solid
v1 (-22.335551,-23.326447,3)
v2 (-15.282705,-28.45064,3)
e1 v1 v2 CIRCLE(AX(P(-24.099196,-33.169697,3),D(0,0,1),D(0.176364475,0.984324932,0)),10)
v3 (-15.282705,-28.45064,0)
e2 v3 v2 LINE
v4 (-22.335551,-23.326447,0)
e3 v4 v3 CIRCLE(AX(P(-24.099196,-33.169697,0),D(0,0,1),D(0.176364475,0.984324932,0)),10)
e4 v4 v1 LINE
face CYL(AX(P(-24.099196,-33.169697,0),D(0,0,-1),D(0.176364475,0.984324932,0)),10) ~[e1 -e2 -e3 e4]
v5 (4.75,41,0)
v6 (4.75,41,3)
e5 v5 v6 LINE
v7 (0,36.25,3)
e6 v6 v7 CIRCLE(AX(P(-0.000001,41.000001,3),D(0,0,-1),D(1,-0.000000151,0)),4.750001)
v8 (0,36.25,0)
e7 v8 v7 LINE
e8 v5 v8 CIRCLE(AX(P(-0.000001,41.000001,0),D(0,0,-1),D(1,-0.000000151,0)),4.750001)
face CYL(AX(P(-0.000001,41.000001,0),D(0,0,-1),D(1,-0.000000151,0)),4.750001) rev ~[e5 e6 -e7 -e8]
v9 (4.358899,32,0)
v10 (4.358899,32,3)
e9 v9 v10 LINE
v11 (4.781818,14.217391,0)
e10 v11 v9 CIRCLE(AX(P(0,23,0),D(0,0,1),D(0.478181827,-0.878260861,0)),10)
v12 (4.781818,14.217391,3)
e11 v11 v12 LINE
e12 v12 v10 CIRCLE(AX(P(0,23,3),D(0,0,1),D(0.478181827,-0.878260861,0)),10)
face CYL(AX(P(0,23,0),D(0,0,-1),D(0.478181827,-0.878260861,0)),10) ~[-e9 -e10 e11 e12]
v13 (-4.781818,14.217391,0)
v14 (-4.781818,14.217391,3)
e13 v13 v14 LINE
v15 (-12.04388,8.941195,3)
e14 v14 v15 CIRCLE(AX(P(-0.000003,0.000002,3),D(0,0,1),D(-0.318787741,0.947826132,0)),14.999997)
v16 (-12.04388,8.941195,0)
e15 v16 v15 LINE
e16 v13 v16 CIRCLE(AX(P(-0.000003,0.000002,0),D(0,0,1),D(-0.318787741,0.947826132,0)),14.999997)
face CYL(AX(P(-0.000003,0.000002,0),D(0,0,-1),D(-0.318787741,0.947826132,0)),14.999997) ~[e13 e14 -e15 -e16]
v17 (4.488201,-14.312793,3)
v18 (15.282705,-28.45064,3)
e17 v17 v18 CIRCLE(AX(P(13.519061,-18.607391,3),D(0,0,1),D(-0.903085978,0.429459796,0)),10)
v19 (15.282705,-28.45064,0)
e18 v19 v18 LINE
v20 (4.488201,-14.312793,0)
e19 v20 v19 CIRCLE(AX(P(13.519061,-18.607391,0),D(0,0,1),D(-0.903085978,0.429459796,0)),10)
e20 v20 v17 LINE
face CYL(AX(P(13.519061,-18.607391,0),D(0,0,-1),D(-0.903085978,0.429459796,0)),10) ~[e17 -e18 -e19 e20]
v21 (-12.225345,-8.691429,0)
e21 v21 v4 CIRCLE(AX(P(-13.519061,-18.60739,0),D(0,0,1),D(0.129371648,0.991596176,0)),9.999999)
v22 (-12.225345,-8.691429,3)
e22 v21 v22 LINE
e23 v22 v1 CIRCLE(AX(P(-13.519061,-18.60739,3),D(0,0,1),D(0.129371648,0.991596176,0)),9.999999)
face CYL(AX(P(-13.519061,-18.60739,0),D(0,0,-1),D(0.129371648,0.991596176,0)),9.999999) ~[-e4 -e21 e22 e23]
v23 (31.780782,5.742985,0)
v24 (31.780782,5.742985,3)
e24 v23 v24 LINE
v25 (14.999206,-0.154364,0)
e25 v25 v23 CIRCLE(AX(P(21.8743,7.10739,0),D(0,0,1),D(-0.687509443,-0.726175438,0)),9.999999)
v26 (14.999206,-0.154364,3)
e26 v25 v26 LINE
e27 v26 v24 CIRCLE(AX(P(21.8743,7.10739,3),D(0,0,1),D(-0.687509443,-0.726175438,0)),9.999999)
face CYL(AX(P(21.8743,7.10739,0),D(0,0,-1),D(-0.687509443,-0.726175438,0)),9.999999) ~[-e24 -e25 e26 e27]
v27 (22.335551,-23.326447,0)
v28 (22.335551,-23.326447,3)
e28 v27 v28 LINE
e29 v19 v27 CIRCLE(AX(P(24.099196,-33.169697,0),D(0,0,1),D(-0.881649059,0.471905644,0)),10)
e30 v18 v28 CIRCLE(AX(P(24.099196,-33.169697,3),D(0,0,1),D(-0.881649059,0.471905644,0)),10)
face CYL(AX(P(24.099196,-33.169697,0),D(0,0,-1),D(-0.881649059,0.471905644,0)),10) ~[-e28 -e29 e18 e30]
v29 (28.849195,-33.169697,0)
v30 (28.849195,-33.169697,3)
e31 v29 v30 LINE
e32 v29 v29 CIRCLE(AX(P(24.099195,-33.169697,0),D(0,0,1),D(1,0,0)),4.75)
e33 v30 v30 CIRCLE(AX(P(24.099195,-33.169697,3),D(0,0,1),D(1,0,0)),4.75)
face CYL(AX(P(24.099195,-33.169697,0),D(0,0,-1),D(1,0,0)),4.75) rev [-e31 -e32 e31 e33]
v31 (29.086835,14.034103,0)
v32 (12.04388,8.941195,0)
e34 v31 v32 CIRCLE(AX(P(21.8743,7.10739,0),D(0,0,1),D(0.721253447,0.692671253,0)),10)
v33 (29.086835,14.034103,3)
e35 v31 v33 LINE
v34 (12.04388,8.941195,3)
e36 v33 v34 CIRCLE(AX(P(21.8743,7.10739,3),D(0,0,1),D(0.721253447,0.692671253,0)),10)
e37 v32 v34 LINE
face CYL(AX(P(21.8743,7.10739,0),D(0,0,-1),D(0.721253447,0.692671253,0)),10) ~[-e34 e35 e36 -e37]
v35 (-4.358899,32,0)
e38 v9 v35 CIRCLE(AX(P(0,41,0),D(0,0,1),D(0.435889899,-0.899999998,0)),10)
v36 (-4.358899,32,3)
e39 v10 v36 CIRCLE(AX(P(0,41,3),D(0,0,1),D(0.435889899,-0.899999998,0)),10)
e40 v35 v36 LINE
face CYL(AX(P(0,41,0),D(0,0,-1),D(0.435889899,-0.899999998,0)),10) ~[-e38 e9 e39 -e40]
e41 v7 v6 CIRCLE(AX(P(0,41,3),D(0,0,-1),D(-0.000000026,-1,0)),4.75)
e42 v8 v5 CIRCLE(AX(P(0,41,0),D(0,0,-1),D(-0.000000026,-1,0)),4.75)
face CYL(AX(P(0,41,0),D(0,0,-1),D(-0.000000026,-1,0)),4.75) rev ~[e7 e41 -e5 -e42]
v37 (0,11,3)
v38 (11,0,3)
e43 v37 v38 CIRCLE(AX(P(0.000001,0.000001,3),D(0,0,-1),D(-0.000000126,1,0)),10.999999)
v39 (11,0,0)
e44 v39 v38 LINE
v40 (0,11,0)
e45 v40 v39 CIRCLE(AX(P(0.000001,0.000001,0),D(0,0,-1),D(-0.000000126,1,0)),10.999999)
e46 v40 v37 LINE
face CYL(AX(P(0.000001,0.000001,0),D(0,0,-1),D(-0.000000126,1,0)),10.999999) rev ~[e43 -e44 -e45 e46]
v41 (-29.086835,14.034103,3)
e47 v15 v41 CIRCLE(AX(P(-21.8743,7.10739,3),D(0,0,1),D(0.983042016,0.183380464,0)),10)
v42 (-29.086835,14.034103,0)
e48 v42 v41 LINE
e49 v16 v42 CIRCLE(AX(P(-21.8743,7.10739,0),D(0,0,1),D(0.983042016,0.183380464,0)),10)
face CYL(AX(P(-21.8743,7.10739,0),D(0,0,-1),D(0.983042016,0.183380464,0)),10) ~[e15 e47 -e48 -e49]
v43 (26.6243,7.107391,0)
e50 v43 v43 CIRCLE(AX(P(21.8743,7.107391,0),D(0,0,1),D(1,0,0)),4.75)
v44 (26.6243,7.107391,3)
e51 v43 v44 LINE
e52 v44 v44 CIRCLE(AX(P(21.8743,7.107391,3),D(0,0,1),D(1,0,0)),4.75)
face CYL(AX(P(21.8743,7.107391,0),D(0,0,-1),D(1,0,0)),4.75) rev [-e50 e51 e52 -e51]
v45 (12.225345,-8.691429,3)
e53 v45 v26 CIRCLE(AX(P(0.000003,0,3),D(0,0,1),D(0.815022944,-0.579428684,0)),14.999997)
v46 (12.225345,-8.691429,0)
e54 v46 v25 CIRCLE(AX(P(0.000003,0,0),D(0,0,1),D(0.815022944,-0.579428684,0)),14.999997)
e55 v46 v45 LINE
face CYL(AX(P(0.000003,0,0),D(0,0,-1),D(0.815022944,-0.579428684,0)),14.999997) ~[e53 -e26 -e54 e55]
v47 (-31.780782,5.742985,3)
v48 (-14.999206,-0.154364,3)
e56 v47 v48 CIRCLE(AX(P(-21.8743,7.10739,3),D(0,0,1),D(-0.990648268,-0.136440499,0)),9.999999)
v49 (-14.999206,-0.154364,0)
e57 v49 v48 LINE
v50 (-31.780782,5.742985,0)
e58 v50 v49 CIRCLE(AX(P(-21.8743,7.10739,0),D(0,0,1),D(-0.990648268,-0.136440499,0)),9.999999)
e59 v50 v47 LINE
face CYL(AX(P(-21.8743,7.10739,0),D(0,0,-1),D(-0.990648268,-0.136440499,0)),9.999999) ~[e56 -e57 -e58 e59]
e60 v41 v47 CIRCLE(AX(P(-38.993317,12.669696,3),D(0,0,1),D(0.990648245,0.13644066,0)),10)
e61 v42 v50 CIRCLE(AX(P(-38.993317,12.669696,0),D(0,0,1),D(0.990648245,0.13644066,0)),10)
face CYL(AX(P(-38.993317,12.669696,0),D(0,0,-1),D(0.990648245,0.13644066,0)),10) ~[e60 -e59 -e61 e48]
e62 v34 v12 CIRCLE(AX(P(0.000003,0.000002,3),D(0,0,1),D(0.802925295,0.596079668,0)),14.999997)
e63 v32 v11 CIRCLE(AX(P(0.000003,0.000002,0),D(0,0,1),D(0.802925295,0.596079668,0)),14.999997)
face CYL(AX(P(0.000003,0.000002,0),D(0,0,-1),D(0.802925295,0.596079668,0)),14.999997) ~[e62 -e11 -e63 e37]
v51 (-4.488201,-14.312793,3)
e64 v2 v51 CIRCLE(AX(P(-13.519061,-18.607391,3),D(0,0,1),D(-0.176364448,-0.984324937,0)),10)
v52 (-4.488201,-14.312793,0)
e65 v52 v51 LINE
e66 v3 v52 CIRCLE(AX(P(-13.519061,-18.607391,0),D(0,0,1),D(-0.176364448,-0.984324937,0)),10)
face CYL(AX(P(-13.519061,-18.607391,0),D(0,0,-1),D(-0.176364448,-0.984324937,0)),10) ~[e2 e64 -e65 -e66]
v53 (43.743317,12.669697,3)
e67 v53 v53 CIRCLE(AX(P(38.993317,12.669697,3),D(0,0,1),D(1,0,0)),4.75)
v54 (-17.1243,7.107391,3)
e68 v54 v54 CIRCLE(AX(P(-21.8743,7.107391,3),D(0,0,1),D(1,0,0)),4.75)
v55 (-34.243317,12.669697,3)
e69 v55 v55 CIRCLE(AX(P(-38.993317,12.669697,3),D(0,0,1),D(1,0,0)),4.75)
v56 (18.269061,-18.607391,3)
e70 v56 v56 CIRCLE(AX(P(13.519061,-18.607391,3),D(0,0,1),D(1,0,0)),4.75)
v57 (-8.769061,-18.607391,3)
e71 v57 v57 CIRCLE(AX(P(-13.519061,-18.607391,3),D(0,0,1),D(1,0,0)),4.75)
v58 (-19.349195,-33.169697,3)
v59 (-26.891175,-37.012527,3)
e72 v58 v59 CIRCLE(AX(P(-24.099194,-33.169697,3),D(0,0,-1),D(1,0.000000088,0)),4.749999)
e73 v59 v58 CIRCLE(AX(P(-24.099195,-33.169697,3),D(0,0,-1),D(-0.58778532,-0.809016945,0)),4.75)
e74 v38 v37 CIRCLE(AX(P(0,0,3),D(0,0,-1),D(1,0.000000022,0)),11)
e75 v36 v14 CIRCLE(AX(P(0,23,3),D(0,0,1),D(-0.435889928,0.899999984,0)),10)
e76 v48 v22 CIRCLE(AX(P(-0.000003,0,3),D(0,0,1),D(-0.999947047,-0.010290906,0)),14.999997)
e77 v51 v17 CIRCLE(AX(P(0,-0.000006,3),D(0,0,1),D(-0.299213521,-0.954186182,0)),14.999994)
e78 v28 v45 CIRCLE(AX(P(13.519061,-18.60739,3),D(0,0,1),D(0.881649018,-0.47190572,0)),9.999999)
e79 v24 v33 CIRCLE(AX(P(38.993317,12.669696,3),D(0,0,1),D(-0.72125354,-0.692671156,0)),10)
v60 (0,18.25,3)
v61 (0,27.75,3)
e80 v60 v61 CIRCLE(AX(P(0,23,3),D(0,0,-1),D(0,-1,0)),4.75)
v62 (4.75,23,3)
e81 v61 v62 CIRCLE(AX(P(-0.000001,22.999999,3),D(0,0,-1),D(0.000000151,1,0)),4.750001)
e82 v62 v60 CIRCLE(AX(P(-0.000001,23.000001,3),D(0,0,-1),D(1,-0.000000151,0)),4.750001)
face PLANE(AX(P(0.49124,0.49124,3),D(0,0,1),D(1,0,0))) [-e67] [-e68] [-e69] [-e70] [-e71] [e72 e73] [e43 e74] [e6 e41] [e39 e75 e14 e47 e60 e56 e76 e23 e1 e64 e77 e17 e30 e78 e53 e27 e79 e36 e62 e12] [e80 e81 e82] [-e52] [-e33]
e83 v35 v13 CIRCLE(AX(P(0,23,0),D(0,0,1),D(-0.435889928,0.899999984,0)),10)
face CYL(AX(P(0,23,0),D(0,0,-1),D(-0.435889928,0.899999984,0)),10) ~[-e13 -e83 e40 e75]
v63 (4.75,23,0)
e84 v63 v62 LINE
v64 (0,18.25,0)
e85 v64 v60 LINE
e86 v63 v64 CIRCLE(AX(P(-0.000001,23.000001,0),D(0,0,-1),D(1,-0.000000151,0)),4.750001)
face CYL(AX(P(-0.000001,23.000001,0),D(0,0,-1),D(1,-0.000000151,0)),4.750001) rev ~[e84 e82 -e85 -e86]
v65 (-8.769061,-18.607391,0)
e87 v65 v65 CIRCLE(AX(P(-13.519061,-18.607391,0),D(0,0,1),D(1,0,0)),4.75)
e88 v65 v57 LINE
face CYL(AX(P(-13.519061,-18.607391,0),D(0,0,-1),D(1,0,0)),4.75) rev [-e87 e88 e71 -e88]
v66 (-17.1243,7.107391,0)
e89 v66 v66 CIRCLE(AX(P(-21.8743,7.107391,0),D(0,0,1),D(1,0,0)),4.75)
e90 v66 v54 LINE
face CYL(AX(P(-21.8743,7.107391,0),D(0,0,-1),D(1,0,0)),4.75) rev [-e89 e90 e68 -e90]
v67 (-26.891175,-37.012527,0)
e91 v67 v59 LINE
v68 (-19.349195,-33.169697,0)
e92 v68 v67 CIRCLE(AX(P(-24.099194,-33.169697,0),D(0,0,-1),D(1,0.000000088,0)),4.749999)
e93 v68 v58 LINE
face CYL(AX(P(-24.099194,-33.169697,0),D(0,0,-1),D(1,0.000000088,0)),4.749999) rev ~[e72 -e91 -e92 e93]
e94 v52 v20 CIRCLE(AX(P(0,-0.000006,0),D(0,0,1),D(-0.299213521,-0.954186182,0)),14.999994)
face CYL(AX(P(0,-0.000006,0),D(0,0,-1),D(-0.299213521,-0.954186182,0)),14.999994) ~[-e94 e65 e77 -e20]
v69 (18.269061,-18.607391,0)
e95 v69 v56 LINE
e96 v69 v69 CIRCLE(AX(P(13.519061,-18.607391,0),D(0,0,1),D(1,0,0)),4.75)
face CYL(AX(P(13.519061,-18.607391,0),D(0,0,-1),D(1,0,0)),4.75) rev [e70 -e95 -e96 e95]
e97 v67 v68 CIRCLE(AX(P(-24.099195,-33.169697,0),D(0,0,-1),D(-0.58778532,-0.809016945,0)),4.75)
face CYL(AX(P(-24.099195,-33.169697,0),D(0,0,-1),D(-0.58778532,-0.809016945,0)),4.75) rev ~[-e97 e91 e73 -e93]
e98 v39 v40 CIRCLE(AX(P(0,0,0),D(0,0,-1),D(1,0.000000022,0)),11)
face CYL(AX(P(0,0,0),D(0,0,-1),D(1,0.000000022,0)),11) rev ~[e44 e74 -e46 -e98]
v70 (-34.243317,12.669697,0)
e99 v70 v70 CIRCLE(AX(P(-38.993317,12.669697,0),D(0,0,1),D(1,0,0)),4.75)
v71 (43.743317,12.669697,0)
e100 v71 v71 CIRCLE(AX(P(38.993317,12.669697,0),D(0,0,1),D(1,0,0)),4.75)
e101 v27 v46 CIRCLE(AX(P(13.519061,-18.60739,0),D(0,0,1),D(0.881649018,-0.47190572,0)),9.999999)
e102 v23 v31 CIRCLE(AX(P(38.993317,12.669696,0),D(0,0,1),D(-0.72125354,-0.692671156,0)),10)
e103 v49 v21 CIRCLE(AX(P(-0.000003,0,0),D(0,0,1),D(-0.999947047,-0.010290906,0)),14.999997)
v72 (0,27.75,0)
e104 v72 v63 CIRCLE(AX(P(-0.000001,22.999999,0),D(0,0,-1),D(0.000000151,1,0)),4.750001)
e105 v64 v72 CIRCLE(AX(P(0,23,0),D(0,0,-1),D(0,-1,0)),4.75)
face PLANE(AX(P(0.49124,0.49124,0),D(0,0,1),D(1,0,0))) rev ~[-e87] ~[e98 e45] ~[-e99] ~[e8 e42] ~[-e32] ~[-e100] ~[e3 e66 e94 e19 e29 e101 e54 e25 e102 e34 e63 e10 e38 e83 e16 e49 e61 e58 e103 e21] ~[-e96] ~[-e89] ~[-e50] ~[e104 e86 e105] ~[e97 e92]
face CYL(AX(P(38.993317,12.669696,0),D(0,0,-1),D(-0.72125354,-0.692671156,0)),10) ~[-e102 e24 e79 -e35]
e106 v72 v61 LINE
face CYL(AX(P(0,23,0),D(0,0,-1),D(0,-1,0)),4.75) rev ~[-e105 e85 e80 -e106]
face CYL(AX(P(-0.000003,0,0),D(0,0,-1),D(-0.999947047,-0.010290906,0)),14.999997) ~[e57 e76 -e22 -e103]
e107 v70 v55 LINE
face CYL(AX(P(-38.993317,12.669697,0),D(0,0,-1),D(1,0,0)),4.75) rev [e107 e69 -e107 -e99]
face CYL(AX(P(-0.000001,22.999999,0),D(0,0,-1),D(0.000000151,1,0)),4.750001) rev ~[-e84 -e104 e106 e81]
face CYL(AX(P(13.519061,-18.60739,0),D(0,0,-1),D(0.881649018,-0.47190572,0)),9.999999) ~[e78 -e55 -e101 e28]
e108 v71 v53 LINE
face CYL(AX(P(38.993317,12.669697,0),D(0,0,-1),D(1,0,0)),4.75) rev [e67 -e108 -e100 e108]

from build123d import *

# Parameters (mm, degrees)
F0_R     = 4.75
F1_DEPTH = 3


with BuildPart() as f1:
    # F0 (on Top) → F1 (new body)
    with BuildSketch(Plane.XY):
        with BuildLine():
            ThreePointArc((0, 11), (-7.778175, -7.778175), (11, 0))
            ThreePointArc((11, 0), (7.778175, 7.778175), (0, 11))
        make_face()
        with BuildLine():
            ThreePointArc((4.75, 41), (-3.358757, 44.358757), (0, 36.25))
            ThreePointArc((0, 36.25), (3.358757, 37.641243), (4.75, 41))
        make_face()
        with BuildLine():
            ThreePointArc((-4.358899, 32), (-9.997173, 23.23776), (-4.781818, 14.217391))
            ThreePointArc((-4.781818, 14.217391), (-8.816779, 12.135255), (-12.04388, 8.941195))
            ThreePointArc((-12.04388, 8.941195), (-19.011127, 16.688739), (-29.086835, 14.034103))
            ThreePointArc((-29.086835, 14.034103), (-48.503882, 15.759867), (-31.780782, 5.742985))
            ThreePointArc((-31.780782, 5.742985), (-25.18972, -2.327014), (-14.999206, -0.154364))
            ThreePointArc((-14.999206, -0.154364), (-14.265848, -4.635255), (-12.225345, -8.691429))
            ThreePointArc((-12.225345, -8.691429), (-21.746696, -12.923552), (-22.335551, -23.326447))
            ThreePointArc((-22.335551, -23.326447), (-29.977048, -41.259867), (-15.282705, -28.45064))
            ThreePointArc((-15.282705, -28.45064), (-5.57093, -24.675934), (-4.488201, -14.312793))
            ThreePointArc((-4.488201, -14.312793), (0, -15), (4.488201, -14.312793))
            ThreePointArc((4.488201, -14.312793), (5.57093, -24.675934), (15.282705, -28.45064))
            ThreePointArc((15.282705, -28.45064), (29.977048, -41.259867), (22.335551, -23.326447))
            ThreePointArc((22.335551, -23.326447), (21.746696, -12.923552), (12.225345, -8.691429))
            ThreePointArc((12.225345, -8.691429), (14.265848, -4.635255), (14.999206, -0.154364))
            ThreePointArc((14.999206, -0.154364), (25.18972, -2.327014), (31.780782, 5.742985))
            ThreePointArc((31.780782, 5.742985), (48.503882, 15.759867), (29.086835, 14.034103))
            ThreePointArc((29.086835, 14.034103), (19.011127, 16.688739), (12.04388, 8.941195))
            ThreePointArc((12.04388, 8.941195), (8.816779, 12.135255), (4.781818, 14.217391))
            ThreePointArc((4.781818, 14.217391), (9.997173, 23.23776), (4.358899, 32))
            ThreePointArc((4.358899, 32), (0, 51), (-4.358899, 32))
        make_face()
        with BuildLine():
            ThreePointArc((-26.891175, -37.012527), (-26.25565, -28.937416), (-19.349195, -33.169697))
            ThreePointArc((-19.349195, -33.169697), (-21.94274, -37.401978), (-26.891175, -37.012527))
        make_face(mode=Mode.SUBTRACT)
        with Locations((-13.519061, -18.607391)):
            Circle(F0_R, mode=Mode.SUBTRACT)
        with BuildLine():
            ThreePointArc((0, 11), (7.778175, 7.778175), (11, 0))
            ThreePointArc((11, 0), (-7.778175, -7.778175), (0, 11))
        make_face(mode=Mode.SUBTRACT)
        with Locations((24.099195, -33.169697)):
            Circle(F0_R, mode=Mode.SUBTRACT)
        with Locations((13.519061, -18.607391)):
            Circle(F0_R, mode=Mode.SUBTRACT)
        with Locations((-38.993317, 12.669697)):
            Circle(F0_R, mode=Mode.SUBTRACT)
        with Locations((-21.8743, 7.107391)):
            Circle(F0_R, mode=Mode.SUBTRACT)
        with BuildLine():
            ThreePointArc((4.75, 23), (3.358757, 19.641243), (0, 18.25))
            ThreePointArc((0, 18.25), (-4.75, 23), (0, 27.75))
            ThreePointArc((0, 27.75), (3.358757, 26.358757), (4.75, 23))
        make_face(mode=Mode.SUBTRACT)
        with BuildLine():
            ThreePointArc((4.75, 41), (3.358757, 37.641243), (0, 36.25))
            ThreePointArc((0, 36.25), (-3.358757, 44.358757), (4.75, 41))
        make_face(mode=Mode.SUBTRACT)
        with Locations((21.8743, 7.107391)):
            Circle(F0_R, mode=Mode.SUBTRACT)
        with Locations((38.993317, 12.669697)):
            Circle(F0_R, mode=Mode.SUBTRACT)
    extrude(amount=F1_DEPTH)


solid = f1.part
